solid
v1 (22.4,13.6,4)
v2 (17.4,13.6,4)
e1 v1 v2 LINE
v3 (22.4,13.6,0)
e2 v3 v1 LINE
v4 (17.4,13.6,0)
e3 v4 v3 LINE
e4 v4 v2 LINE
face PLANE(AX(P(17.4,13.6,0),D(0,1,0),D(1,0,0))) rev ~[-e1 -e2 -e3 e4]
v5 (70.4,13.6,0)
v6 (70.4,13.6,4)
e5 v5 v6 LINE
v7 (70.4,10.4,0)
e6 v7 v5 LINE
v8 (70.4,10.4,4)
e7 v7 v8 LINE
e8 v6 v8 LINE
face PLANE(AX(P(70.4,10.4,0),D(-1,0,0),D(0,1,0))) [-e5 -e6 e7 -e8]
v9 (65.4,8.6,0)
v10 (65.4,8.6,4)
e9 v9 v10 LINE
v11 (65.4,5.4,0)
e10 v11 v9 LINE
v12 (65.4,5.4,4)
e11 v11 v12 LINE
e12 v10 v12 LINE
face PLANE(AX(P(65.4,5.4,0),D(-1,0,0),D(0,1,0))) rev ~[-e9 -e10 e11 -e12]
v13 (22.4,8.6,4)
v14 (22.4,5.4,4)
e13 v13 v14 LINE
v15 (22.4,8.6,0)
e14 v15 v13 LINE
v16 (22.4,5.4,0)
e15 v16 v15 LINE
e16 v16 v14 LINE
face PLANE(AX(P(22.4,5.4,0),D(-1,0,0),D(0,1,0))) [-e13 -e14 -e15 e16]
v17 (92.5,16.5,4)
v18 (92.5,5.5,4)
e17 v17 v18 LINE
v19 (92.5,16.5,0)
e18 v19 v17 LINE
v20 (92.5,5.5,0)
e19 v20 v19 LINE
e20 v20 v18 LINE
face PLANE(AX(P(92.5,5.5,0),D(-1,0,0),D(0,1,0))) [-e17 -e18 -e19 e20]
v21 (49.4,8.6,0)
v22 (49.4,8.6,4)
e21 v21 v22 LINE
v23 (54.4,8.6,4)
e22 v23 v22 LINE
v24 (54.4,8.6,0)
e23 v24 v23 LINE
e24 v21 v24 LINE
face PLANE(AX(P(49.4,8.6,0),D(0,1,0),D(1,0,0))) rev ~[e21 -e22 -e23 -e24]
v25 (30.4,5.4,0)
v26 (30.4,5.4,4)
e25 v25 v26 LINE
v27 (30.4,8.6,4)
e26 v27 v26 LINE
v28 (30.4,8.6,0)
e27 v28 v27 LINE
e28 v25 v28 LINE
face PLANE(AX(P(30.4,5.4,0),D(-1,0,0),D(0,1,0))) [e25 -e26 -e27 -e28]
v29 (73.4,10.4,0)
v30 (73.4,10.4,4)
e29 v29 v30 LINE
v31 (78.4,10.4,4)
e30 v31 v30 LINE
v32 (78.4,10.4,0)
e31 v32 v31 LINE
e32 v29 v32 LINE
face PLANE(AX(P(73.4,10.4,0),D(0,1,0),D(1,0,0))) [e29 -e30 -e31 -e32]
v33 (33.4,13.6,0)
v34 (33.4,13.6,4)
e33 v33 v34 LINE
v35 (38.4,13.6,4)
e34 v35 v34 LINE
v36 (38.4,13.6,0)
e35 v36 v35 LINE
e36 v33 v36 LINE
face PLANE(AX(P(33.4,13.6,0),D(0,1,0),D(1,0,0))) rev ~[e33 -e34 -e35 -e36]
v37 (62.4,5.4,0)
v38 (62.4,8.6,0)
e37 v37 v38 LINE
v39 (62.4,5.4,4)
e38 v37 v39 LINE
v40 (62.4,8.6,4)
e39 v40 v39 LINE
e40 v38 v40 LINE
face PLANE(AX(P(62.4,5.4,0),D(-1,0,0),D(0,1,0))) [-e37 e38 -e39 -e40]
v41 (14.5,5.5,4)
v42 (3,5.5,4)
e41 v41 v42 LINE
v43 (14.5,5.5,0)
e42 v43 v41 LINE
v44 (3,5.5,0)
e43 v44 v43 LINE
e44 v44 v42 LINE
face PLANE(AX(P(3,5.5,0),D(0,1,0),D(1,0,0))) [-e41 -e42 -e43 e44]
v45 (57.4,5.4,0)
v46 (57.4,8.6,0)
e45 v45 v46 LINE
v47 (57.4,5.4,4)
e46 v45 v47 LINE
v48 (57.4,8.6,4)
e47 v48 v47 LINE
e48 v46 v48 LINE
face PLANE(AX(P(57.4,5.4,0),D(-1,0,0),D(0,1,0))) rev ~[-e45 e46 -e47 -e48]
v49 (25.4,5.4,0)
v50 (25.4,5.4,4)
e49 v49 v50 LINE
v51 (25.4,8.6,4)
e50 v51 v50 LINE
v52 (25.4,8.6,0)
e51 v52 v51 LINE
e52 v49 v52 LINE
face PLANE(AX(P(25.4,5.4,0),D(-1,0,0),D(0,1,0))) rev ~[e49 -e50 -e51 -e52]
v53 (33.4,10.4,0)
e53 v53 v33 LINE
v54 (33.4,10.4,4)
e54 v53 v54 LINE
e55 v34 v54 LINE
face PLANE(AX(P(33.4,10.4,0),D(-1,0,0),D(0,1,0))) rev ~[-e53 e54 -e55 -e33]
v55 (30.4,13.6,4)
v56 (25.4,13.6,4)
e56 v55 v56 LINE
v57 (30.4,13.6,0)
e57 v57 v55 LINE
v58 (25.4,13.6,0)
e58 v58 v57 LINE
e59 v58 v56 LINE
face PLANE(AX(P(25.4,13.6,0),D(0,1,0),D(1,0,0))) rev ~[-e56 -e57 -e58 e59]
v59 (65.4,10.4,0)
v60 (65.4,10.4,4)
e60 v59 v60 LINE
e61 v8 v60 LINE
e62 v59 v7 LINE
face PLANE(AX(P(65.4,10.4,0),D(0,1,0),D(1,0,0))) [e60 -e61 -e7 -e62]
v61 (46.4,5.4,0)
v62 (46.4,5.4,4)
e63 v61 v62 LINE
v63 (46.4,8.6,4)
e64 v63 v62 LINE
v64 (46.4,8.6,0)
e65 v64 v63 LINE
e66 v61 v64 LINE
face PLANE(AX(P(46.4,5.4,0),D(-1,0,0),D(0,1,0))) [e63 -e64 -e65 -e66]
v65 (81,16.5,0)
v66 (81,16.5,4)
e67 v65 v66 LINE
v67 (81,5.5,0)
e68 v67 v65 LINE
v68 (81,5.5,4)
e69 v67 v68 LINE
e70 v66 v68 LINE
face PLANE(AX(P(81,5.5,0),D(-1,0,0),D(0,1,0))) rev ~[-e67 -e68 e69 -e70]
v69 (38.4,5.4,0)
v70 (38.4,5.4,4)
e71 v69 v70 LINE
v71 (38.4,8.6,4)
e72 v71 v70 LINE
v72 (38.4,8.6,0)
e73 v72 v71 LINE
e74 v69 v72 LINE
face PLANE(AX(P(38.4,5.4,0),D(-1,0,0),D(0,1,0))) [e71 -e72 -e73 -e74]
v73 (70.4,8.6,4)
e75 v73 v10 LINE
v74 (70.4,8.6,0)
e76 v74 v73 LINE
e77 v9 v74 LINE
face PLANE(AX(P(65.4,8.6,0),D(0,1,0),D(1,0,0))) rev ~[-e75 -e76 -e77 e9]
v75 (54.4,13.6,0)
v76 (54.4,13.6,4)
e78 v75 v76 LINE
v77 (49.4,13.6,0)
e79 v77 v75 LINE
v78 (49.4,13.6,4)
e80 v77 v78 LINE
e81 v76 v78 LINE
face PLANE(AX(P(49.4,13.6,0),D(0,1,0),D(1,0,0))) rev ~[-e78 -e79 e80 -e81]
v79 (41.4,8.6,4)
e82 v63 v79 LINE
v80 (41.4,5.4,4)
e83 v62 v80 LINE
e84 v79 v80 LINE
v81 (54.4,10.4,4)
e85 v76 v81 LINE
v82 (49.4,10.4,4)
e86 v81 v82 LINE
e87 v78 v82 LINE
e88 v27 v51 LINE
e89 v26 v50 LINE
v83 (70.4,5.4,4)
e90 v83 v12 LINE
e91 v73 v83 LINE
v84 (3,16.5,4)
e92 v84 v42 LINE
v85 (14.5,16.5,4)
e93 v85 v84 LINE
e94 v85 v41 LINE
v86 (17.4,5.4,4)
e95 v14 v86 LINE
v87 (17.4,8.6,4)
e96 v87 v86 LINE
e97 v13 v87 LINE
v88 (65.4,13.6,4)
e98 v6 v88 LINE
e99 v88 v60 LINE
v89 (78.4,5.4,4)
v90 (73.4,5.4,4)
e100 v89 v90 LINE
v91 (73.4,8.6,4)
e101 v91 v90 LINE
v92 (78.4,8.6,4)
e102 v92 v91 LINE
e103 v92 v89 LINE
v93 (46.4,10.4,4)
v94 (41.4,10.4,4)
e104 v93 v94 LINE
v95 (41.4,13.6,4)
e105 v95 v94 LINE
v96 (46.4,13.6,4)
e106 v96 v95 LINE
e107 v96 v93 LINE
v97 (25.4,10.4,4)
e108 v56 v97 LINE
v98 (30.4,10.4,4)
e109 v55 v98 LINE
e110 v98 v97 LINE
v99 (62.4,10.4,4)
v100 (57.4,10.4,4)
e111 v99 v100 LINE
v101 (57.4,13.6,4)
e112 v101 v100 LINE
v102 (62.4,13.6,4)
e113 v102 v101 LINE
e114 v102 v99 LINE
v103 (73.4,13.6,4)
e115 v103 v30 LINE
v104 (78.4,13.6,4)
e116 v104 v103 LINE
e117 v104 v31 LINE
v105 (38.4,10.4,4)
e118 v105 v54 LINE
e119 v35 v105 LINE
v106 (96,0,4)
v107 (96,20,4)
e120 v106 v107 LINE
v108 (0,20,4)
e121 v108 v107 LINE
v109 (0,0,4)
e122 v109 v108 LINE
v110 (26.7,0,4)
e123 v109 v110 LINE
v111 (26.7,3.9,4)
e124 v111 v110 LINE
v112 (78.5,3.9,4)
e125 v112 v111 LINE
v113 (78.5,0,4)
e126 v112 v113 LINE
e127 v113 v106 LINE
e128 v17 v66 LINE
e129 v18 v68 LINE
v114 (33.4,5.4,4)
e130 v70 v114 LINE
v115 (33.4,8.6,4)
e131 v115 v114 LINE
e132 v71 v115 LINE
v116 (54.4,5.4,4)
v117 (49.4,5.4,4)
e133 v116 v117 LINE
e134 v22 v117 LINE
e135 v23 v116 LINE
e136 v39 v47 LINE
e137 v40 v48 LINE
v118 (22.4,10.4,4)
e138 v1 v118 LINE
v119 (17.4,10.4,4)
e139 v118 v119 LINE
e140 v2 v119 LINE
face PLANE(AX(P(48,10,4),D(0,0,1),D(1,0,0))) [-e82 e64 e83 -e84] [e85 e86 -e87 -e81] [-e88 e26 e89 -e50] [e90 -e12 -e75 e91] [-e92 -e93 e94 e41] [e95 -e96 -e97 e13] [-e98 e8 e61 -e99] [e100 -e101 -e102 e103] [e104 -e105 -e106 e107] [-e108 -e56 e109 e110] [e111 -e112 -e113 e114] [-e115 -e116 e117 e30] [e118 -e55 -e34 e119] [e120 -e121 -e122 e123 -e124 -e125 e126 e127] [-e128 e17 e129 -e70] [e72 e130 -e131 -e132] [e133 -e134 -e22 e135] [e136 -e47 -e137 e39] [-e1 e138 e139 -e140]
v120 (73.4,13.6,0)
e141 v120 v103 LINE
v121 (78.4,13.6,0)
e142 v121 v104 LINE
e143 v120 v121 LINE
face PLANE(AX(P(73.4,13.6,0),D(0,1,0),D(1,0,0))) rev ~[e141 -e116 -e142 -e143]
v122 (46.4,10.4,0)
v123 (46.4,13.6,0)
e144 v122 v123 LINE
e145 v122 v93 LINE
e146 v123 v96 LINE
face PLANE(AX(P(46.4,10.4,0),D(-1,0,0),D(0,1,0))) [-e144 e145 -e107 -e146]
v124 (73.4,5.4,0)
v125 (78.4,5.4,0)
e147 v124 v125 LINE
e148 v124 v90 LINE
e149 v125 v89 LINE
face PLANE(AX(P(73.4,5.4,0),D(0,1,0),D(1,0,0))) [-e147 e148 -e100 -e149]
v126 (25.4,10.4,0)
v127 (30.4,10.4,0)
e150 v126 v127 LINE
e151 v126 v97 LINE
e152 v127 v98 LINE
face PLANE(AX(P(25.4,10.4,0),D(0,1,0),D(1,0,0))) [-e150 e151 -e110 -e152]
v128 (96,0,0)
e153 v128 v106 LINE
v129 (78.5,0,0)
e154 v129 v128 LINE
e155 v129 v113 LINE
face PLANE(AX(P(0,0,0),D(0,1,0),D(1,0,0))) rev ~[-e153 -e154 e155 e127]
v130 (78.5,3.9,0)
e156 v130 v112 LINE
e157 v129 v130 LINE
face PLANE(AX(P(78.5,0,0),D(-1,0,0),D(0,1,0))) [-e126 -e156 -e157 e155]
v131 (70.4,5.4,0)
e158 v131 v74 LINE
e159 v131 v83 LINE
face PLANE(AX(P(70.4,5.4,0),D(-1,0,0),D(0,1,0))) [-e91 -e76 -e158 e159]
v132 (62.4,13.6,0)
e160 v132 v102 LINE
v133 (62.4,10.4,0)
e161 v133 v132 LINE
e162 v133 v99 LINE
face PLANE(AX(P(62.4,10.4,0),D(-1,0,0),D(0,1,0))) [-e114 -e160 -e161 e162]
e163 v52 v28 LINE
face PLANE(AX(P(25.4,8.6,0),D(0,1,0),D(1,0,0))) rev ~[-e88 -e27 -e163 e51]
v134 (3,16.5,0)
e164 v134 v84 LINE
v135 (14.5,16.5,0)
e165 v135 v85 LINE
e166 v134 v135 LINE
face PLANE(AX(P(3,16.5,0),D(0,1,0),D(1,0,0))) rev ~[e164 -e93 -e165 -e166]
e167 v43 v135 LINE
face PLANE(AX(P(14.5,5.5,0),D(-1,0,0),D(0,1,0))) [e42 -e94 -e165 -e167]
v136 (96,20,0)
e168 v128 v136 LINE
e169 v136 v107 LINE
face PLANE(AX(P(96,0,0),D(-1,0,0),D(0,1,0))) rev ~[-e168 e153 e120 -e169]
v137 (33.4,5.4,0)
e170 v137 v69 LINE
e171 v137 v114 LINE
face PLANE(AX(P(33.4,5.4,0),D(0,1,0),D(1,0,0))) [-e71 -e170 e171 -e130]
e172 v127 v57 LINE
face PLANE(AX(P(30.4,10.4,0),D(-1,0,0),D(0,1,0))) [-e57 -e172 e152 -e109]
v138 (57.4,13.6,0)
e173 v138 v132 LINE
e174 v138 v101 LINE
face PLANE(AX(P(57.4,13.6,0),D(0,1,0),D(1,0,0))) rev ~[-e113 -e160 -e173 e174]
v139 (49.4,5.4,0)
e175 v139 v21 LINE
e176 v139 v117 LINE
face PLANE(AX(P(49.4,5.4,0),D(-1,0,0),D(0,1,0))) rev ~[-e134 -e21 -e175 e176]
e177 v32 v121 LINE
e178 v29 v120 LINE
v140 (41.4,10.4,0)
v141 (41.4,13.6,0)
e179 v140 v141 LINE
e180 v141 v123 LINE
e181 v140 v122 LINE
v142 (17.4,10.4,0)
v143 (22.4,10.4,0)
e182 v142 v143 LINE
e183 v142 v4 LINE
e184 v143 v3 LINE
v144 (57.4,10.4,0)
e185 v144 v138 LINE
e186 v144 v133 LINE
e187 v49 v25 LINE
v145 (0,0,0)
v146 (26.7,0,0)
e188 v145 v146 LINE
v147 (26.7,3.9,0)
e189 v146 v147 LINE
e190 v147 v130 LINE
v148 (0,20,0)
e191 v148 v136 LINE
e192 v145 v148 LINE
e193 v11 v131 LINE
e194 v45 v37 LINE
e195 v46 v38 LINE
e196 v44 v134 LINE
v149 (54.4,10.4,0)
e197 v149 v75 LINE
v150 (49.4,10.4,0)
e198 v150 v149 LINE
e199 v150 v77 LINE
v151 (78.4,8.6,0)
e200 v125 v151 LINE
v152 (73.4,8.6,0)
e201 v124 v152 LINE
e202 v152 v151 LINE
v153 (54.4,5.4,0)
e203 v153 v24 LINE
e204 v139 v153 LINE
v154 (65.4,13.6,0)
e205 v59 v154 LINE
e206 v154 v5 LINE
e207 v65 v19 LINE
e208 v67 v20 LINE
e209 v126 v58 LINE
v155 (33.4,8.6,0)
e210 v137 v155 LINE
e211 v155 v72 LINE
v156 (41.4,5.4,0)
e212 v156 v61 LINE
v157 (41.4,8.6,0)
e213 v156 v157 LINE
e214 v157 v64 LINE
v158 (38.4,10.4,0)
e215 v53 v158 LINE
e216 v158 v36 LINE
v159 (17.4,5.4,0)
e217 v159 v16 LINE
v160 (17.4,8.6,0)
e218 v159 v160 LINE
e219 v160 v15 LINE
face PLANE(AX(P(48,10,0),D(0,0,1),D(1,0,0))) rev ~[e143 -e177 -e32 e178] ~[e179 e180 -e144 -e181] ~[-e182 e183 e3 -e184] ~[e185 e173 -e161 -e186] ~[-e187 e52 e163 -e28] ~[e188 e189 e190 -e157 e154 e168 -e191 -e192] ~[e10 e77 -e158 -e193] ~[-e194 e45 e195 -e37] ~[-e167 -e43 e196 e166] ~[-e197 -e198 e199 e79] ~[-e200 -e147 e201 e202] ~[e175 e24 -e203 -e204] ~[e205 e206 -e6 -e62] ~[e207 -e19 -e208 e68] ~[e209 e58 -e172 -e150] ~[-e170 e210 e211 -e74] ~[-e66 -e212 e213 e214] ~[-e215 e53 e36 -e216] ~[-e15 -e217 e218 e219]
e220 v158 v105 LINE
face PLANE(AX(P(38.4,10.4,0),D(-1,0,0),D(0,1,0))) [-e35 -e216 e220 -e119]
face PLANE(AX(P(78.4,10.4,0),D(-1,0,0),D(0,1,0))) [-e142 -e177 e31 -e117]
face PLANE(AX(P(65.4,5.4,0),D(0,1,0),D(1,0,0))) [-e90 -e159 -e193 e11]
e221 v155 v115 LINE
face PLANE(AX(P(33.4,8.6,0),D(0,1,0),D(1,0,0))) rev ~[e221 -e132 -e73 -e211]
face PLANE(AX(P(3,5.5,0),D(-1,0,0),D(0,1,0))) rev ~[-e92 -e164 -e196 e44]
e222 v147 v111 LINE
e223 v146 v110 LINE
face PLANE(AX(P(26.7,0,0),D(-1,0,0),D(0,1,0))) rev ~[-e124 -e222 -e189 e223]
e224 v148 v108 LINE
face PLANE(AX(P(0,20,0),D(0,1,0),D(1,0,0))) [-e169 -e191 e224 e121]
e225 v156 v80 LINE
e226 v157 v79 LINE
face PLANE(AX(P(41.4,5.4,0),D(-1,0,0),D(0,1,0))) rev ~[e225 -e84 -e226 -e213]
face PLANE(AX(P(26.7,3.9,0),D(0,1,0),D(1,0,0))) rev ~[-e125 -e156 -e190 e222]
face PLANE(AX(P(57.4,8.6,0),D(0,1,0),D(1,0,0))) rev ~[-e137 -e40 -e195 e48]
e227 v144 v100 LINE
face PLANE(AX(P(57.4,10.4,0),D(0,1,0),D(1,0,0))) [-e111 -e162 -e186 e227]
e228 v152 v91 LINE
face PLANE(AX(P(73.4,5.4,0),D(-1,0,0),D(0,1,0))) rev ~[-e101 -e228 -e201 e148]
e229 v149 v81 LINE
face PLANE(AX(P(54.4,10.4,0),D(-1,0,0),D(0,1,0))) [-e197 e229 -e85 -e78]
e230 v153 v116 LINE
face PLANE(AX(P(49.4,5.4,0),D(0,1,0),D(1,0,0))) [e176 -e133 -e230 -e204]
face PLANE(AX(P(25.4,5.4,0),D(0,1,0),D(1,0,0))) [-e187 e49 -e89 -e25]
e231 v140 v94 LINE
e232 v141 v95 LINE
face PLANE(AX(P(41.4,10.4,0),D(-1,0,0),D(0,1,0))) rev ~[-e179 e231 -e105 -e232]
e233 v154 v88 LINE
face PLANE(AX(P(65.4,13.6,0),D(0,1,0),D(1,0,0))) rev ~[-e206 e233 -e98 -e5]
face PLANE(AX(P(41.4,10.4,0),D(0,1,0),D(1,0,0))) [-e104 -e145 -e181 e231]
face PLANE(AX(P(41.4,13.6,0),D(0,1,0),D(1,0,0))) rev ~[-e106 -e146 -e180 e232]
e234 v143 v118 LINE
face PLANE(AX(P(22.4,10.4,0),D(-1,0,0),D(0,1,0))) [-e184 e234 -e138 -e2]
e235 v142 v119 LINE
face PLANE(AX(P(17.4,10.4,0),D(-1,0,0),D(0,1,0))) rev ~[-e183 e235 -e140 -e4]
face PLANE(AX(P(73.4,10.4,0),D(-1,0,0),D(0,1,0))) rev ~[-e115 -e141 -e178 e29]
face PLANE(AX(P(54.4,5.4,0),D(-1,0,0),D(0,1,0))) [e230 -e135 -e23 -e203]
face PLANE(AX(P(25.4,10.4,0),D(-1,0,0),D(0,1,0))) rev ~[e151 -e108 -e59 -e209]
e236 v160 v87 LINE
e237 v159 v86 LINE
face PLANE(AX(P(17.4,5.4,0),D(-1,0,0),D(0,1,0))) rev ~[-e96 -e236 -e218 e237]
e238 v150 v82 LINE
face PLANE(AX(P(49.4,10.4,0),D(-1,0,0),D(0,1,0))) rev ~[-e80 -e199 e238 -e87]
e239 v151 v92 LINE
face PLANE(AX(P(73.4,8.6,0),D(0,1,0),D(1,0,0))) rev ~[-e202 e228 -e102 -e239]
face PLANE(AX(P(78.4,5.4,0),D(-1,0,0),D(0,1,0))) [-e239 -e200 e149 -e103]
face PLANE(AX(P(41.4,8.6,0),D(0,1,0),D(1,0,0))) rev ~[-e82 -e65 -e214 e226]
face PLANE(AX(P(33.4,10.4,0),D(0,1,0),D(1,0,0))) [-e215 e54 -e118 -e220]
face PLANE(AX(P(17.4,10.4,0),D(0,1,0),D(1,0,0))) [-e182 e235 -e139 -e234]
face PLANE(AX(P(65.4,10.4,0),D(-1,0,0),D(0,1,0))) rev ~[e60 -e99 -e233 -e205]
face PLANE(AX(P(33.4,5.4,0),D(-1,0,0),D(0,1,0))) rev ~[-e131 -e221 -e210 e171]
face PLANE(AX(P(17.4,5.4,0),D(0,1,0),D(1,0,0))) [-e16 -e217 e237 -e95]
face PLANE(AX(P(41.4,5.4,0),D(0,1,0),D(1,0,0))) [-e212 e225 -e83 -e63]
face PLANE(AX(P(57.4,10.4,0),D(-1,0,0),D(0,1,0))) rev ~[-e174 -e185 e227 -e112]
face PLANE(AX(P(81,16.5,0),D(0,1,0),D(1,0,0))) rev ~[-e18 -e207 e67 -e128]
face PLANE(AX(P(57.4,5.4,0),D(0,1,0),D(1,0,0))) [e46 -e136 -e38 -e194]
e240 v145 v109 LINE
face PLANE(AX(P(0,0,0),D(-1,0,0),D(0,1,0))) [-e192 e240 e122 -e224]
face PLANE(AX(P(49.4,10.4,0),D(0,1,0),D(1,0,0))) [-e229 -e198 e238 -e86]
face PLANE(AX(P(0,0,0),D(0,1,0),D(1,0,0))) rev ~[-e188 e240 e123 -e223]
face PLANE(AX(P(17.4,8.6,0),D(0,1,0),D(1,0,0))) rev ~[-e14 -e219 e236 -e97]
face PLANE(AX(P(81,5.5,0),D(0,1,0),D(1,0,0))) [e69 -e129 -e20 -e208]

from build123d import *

# Parameters (mm, degrees)
F0_W     = 96
F0_H     = 20
F2_DEPTH = 4
F1_W     = 11.5
F1_H     = 11
F1_W_2   = 5
F1_H_2   = 3.2
F1_W_3   = 51.8
F1_H_3   = 3.9
F3_DEPTH = 4.001


with BuildPart() as f2:
    # F0 (on Top) → F2 (new body)
    with BuildSketch(Plane.XY):
        with Locations((48, 10)):
            Rectangle(F0_W, F0_H)
    extrude(amount=F2_DEPTH)

    # F1 (on Top) → F3 (cut, through all)
    with BuildSketch(Plane.XY):
        with Locations((8.75, 11)):
            Rectangle(F1_W, F1_H)
        with Locations((86.75, 11)):
            Rectangle(F1_W, F1_H)
        with Locations((19.9, 12)):
            Rectangle(F1_W_2, F1_H_2)
        with Locations((19.9, 7)):
            Rectangle(F1_W_2, F1_H_2)
        with Locations((27.9, 12)):
            Rectangle(F1_W_2, F1_H_2)
        with Locations((27.9, 7)):
            Rectangle(F1_W_2, F1_H_2)
        with Locations((35.9, 12)):
            Rectangle(F1_W_2, F1_H_2)
        with Locations((35.9, 7)):
            Rectangle(F1_W_2, F1_H_2)
        with Locations((43.9, 12)):
            Rectangle(F1_W_2, F1_H_2)
        with Locations((43.9, 7)):
            Rectangle(F1_W_2, F1_H_2)
        with Locations((51.9, 12)):
            Rectangle(F1_W_2, F1_H_2)
        with Locations((51.9, 7)):
            Rectangle(F1_W_2, F1_H_2)
        with Locations((59.9, 12)):
            Rectangle(F1_W_2, F1_H_2)
        with Locations((59.9, 7)):
            Rectangle(F1_W_2, F1_H_2)
        with Locations((67.9, 12)):
            Rectangle(F1_W_2, F1_H_2)
        with Locations((67.9, 7)):
            Rectangle(F1_W_2, F1_H_2)
        with Locations((75.9, 12)):
            Rectangle(F1_W_2, F1_H_2)
        with Locations((75.9, 7)):
            Rectangle(F1_W_2, F1_H_2)
        with Locations((52.6, 1.95)):
            Rectangle(F1_W_3, F1_H_3)
    extrude(amount=F3_DEPTH, mode=Mode.SUBTRACT)


solid = f2.part
